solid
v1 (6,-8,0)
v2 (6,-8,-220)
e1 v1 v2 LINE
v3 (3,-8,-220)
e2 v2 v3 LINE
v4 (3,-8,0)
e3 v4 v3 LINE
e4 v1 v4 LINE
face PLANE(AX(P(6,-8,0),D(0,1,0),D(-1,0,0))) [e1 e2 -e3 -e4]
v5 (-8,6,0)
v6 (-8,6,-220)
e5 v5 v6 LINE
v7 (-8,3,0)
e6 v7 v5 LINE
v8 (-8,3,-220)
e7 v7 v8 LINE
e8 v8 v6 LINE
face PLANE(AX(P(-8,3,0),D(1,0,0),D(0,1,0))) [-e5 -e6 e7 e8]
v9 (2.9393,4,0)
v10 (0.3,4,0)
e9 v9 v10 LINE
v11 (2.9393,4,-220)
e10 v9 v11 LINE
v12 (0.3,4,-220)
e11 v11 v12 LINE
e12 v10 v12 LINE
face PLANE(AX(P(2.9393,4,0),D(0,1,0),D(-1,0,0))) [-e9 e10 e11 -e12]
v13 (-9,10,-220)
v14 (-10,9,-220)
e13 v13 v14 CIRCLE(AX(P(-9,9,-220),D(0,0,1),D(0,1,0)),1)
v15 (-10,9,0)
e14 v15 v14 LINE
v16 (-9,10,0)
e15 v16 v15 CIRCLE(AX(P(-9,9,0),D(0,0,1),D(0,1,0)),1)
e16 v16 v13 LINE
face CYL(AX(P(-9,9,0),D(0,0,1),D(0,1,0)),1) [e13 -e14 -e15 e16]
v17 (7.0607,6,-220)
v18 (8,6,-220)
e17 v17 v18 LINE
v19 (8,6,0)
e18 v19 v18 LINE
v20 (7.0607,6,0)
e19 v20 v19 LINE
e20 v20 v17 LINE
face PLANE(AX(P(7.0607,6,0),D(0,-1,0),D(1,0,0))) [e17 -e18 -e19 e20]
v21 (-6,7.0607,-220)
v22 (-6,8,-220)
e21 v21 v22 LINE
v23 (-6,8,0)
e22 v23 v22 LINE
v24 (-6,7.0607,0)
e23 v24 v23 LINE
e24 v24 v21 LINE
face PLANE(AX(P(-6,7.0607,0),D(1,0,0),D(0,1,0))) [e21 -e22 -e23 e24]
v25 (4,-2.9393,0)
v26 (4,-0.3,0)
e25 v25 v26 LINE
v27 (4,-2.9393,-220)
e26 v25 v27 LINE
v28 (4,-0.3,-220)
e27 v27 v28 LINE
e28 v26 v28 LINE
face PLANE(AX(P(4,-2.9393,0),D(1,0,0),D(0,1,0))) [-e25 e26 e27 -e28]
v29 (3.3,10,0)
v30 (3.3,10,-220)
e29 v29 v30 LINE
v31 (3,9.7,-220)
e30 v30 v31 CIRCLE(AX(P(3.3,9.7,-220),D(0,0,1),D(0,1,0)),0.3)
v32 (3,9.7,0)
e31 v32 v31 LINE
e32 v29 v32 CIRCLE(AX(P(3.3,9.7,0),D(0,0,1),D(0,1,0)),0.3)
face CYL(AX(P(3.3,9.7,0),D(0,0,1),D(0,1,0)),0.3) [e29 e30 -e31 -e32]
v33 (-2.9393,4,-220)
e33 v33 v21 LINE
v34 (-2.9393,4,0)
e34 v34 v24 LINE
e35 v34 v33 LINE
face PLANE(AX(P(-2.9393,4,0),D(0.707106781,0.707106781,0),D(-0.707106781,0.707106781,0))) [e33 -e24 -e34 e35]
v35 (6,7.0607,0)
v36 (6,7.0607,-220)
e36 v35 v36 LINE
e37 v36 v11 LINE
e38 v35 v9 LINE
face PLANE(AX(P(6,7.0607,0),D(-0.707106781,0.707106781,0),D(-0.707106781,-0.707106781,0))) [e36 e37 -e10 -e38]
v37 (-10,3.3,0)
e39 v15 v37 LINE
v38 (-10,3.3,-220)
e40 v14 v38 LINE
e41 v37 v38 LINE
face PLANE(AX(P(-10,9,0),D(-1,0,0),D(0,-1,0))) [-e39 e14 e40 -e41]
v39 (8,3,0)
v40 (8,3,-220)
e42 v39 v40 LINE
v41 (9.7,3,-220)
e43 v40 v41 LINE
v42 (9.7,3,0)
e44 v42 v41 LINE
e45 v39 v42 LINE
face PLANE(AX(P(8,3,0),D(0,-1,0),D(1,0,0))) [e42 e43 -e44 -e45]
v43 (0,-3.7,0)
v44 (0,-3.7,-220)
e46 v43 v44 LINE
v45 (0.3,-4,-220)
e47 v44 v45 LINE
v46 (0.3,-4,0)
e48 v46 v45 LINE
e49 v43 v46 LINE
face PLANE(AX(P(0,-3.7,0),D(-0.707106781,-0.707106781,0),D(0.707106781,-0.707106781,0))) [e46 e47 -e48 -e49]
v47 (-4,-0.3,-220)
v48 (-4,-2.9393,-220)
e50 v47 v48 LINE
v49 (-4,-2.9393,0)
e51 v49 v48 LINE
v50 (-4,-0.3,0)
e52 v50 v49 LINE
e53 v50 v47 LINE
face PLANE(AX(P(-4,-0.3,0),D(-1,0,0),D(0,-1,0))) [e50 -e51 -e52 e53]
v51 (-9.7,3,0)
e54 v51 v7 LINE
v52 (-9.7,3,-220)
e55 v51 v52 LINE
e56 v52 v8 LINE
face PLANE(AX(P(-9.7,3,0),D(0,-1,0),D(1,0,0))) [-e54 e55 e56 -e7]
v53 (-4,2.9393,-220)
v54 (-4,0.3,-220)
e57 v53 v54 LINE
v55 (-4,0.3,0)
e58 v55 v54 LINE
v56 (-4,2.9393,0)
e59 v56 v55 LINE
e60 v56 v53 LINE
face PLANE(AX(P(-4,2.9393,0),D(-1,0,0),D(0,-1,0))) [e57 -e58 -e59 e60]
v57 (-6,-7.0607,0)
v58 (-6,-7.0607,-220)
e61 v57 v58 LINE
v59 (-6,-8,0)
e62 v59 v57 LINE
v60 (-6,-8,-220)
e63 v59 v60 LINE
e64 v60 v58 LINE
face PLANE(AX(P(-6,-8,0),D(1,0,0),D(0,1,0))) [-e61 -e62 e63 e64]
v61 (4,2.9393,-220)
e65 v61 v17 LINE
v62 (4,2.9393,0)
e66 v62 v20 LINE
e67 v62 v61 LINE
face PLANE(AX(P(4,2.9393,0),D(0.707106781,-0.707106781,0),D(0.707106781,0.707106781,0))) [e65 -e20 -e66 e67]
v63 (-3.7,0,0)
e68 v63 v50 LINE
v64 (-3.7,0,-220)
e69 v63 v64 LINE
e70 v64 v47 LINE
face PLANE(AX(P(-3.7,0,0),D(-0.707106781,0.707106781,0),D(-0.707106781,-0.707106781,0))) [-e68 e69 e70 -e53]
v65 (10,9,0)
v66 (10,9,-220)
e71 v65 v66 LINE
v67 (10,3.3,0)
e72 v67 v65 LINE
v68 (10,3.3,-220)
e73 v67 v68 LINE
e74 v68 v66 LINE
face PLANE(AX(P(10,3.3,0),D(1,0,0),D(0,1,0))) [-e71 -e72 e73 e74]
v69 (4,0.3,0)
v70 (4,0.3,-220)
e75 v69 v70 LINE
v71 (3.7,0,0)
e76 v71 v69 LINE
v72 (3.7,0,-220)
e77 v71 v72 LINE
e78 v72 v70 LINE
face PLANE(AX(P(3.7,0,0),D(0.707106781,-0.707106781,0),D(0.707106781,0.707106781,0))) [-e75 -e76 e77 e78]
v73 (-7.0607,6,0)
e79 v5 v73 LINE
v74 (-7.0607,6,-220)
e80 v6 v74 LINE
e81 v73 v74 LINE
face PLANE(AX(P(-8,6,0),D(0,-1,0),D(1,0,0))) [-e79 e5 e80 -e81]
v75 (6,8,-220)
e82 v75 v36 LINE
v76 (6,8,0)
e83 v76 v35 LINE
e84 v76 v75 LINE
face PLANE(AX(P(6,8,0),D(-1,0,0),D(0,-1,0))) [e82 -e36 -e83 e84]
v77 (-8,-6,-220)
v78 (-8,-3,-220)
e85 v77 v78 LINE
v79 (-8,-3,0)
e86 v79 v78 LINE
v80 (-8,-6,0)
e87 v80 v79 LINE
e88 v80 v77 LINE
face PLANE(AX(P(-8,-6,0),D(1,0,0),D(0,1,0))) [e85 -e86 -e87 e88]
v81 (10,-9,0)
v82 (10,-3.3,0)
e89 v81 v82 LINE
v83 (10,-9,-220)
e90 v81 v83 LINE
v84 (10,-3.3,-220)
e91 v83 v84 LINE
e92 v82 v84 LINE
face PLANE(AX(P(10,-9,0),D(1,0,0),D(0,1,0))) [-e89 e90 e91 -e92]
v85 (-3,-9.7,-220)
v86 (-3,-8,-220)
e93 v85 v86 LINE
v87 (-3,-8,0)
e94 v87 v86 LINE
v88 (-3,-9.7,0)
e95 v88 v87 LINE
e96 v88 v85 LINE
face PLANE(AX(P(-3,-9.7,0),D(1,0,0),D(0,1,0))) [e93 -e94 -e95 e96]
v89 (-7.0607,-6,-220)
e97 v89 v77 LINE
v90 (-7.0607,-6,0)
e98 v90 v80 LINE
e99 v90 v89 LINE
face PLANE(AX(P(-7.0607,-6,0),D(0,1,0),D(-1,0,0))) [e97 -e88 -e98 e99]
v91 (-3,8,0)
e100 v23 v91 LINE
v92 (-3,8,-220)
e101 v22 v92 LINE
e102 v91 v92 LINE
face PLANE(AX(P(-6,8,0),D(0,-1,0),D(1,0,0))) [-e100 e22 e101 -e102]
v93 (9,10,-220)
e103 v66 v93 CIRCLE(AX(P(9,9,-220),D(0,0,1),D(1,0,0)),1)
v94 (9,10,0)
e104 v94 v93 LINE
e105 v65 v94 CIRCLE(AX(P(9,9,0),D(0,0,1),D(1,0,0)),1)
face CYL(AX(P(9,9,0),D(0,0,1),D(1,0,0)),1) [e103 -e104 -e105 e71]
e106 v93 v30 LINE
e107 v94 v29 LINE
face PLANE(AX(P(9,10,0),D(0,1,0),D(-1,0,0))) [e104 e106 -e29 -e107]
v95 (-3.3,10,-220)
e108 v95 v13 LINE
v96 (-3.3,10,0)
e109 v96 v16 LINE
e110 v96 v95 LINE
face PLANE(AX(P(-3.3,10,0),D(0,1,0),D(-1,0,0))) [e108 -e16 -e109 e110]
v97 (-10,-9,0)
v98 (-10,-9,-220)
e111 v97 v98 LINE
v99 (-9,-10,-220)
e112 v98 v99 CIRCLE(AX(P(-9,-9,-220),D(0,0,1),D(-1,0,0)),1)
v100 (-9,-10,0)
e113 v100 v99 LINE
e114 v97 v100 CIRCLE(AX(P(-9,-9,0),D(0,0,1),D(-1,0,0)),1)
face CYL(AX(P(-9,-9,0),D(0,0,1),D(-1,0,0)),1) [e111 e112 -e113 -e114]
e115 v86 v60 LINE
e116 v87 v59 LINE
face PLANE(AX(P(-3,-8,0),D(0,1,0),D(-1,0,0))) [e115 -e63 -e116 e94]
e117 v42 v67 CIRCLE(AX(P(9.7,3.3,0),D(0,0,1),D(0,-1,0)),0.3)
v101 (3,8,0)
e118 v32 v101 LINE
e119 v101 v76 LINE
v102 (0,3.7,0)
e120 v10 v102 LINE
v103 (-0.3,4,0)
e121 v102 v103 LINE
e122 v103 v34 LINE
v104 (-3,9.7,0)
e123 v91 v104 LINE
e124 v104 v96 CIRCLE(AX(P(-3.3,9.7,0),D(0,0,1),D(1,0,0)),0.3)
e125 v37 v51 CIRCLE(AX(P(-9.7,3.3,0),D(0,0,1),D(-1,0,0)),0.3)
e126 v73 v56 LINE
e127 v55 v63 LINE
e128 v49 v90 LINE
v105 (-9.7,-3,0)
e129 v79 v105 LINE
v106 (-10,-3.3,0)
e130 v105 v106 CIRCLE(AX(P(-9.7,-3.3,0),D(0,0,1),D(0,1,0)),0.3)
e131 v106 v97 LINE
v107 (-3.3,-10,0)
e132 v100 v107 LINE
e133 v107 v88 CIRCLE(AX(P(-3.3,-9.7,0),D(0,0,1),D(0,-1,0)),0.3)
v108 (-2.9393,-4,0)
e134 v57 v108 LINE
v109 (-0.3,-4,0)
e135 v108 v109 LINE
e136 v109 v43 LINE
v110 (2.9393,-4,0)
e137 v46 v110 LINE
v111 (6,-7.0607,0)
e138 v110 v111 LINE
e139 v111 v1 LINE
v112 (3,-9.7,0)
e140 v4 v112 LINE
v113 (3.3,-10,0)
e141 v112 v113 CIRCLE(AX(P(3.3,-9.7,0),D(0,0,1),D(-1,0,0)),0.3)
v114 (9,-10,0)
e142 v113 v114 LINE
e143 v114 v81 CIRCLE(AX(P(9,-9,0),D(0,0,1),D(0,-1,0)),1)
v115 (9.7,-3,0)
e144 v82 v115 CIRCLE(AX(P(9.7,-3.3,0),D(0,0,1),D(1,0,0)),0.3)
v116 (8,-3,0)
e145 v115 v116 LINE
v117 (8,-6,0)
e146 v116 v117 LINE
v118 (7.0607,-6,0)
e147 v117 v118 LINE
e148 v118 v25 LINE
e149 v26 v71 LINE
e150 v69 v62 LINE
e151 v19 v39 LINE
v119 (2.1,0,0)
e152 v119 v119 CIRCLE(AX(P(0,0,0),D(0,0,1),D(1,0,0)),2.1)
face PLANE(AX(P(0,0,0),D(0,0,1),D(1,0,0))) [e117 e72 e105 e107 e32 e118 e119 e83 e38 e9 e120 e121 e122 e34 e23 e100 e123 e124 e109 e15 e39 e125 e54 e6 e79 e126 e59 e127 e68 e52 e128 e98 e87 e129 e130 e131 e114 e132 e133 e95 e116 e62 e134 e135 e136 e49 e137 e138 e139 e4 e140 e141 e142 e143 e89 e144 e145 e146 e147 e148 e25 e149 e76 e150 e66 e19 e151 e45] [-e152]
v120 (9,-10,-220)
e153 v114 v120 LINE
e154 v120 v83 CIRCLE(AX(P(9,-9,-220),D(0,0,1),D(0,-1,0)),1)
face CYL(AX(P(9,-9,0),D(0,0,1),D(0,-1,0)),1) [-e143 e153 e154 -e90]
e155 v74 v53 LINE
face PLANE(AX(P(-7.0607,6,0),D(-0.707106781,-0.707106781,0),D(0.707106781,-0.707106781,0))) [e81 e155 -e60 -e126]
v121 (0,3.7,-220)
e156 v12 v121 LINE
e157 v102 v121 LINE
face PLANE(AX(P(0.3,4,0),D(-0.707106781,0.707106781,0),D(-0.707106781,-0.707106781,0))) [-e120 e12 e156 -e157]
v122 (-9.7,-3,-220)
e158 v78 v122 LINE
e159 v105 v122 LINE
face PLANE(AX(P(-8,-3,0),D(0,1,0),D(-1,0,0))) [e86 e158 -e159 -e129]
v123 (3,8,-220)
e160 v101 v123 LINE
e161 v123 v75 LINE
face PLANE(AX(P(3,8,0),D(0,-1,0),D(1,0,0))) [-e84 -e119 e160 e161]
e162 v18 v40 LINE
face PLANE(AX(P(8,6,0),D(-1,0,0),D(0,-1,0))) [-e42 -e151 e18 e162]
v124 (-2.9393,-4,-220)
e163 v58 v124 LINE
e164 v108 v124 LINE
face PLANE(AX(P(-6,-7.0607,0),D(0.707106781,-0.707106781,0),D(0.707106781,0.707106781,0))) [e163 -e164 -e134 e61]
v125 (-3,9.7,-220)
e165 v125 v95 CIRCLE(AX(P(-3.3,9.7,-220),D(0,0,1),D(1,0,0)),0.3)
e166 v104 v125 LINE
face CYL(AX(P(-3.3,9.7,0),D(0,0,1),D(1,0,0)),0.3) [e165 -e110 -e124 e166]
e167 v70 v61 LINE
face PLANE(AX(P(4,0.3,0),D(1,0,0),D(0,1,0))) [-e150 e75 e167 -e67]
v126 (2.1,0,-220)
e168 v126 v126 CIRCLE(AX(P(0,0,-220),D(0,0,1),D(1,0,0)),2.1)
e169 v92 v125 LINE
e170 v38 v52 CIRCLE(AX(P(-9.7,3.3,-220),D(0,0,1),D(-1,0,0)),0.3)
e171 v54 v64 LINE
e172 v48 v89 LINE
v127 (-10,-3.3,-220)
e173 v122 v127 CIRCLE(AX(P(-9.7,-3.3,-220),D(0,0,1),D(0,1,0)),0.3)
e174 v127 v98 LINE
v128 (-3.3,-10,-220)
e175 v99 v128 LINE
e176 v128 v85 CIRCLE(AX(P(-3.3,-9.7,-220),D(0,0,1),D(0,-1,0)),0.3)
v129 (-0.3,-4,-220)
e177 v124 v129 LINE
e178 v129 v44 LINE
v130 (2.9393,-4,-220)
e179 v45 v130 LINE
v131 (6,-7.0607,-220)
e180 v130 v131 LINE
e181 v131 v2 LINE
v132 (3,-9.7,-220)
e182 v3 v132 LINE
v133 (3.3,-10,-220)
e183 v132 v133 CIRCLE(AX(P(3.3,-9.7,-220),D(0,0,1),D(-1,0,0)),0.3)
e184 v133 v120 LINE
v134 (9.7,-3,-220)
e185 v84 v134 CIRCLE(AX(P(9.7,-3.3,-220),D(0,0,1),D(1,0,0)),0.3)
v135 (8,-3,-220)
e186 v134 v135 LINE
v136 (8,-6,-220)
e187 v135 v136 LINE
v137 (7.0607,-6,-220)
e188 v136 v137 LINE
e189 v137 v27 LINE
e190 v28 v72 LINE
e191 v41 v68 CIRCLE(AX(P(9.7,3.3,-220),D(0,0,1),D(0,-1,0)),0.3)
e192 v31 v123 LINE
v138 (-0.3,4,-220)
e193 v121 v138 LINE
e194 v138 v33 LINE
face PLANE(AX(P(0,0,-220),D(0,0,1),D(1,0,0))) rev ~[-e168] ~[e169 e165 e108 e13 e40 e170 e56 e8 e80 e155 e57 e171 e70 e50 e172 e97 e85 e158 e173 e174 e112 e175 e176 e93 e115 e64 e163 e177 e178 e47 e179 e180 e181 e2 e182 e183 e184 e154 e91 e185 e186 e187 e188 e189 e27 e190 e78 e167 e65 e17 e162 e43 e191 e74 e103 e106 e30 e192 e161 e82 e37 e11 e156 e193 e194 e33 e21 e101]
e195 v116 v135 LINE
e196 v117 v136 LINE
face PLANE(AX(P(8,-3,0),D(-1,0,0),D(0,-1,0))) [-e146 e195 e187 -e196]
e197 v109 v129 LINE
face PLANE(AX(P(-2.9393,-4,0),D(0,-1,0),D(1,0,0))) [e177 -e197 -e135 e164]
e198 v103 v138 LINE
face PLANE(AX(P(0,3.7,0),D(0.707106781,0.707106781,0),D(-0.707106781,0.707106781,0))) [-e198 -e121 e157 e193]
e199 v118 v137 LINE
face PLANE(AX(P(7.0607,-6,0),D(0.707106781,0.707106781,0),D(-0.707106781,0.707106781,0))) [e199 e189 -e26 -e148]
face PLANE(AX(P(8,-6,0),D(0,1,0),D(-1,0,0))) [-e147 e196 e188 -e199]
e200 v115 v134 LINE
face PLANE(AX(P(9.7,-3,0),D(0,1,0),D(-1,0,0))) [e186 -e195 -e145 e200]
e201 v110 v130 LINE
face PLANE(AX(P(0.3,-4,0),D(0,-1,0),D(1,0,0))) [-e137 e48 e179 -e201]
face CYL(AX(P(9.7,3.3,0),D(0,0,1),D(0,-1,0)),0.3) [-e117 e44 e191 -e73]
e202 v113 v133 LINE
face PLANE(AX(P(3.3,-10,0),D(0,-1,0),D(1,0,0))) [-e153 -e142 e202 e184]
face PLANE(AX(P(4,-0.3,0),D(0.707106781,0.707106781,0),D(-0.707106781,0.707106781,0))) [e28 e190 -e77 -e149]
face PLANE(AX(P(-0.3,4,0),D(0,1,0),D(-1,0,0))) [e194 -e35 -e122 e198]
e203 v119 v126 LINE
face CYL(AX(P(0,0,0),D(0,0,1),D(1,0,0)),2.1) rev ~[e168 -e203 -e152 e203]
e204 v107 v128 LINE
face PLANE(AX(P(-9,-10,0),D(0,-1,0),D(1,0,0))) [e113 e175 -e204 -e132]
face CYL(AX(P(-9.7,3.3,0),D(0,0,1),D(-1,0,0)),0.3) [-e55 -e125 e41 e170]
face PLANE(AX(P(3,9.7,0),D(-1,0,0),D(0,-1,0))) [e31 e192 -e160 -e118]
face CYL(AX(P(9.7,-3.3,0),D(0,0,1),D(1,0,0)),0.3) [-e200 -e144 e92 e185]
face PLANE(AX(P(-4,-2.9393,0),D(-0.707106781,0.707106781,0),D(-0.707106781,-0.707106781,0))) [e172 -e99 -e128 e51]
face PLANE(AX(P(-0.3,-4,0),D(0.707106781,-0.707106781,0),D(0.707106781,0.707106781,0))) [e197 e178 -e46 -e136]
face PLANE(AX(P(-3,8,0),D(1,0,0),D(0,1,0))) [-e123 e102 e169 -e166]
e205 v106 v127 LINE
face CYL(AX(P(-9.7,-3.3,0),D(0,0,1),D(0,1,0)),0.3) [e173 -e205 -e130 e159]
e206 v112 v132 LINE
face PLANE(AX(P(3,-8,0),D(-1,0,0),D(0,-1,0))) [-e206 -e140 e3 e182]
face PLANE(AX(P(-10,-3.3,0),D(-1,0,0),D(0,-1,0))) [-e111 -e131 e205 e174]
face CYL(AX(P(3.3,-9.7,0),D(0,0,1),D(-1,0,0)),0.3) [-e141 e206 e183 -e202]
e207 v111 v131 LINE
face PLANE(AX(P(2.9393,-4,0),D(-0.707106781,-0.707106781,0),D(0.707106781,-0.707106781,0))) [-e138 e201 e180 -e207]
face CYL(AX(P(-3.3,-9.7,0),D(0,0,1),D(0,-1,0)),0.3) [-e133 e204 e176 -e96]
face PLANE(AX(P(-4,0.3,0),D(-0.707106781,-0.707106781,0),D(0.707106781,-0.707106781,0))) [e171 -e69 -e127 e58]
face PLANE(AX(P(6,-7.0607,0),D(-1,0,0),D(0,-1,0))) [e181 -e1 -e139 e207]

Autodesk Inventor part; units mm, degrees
ref_plane "YZ Plane" through (0, 0, 0) normal (1, 0, 0) x (0, 1, 0)
ref_plane "XZ Plane" through (0, 0, 0) normal (0, 1, 0) x (-1, 0, 0)
ref_plane "XY Plane" through (0, 0, 0) normal (0, 0, 1) x (1, 0, 0)
sketch "Sketch_5" plane through (0, 0, 0) normal (0, 0, 1) x (1, 0, 0)
  line L0 (-10, 9) -> (-10, 3.3)
  arc A0 (-10, 3.3) -> (-9.7, 3) centre (-9.7, 3.3) ccw
  line L1 (-9.7, 3) -> (-8, 3)
  line L2 (-8, 3) -> (-8, 6)
  line L3 (-8, 6) -> (-7.0607, 6)
  line L4 (-7.0607, 6) -> (-4, 2.9393)
  line L5 (-4, 2.9393) -> (-4, 0.3)
  line L6 (-4, 0.3) -> (-3.7, 0)
  line L7 (-3.7, 0) -> (-4, -0.3)
  line L8 (-4, -0.3) -> (-4, -2.9393)
  line L9 (-4, -2.9393) -> (-7.0607, -6)
  line L10 (-7.0607, -6) -> (-8, -6)
  line L11 (-8, -6) -> (-8, -3)
  line L12 (-8, -3) -> (-9.7, -3)
  arc A1 (-9.7, -3) -> (-10, -3.3) centre (-9.7, -3.3) ccw
  line L13 (-10, -3.3) -> (-10, -9)
  arc A2 (-10, -9) -> (-9, -10) centre (-9, -9) ccw
  line L14 (-9, -10) -> (-3.3, -10)
  arc A3 (-3.3, -10) -> (-3, -9.7) centre (-3.3, -9.7) ccw
  line L15 (-3, -9.7) -> (-3, -8)
  line L16 (-3, -8) -> (-6, -8)
  line L17 (-6, -8) -> (-6, -7.0607)
  line L18 (-6, -7.0607) -> (-2.9393, -4)
  line L19 (-2.9393, -4) -> (-0.3, -4)
  line L20 (-0.3, -4) -> (0, -3.7)
  line L21 (0, -3.7) -> (0.3, -4)
  line L22 (0.3, -4) -> (2.9393, -4)
  line L23 (2.9393, -4) -> (6, -7.0607)
  line L24 (6, -7.0607) -> (6, -8)
  line L25 (6, -8) -> (3, -8)
  line L26 (3, -8) -> (3, -9.7)
  arc A4 (3, -9.7) -> (3.3, -10) centre (3.3, -9.7) ccw
  line L27 (3.3, -10) -> (9, -10)
  arc A5 (9, -10) -> (10, -9) centre (9, -9) ccw
  line L28 (10, -9) -> (10, -3.3)
  arc A6 (10, -3.3) -> (9.7, -3) centre (9.7, -3.3) ccw
  line L29 (9.7, -3) -> (8, -3)
  line L30 (8, -3) -> (8, -6)
  line L31 (8, -6) -> (7.0607, -6)
  line L32 (7.0607, -6) -> (4, -2.9393)
  line L33 (4, -2.9393) -> (4, -0.3)
  line L34 (4, -0.3) -> (3.7, 0)
  line L35 (3.7, 0) -> (4, 0.3)
  line L36 (4, 0.3) -> (4, 2.9393)
  line L37 (4, 2.9393) -> (7.0607, 6)
  line L38 (7.0607, 6) -> (8, 6)
  line L39 (8, 6) -> (8, 3)
  line L40 (8, 3) -> (9.7, 3)
  arc A7 (9.7, 3) -> (10, 3.3) centre (9.7, 3.3) ccw
  line L41 (10, 3.3) -> (10, 9)
  arc A8 (10, 9) -> (9, 10) centre (9, 9) ccw
  line L42 (9, 10) -> (3.3, 10)
  arc A9 (3.3, 10) -> (3, 9.7) centre (3.3, 9.7) ccw
  line L43 (3, 9.7) -> (3, 8)
  line L44 (3, 8) -> (6, 8)
  line L45 (6, 8) -> (6, 7.0607)
  line L46 (6, 7.0607) -> (2.9393, 4)
  line L47 (2.9393, 4) -> (0.3, 4)
  line L48 (0.3, 4) -> (0, 3.7)
  line L49 (0, 3.7) -> (-0.3, 4)
  line L50 (-0.3, 4) -> (-2.9393, 4)
  line L51 (-2.9393, 4) -> (-6, 7.0607)
  line L52 (-6, 7.0607) -> (-6, 8)
  line L53 (-6, 8) -> (-3, 8)
  line L54 (-3, 8) -> (-3, 9.7)
  arc A10 (-3, 9.7) -> (-3.3, 10) centre (-3.3, 9.7) ccw
  line L55 (-3.3, 10) -> (-9, 10)
  arc A11 (-9, 10) -> (-10, 9) centre (-9, 9) ccw
  circle A12 centre (0, 0) radius 2.1
extrude "Extrusion1" add sketch "Sketch_5" against normal blind 220
properties part number "KHFS5-2020-4000" material "Aluminum 6061"
